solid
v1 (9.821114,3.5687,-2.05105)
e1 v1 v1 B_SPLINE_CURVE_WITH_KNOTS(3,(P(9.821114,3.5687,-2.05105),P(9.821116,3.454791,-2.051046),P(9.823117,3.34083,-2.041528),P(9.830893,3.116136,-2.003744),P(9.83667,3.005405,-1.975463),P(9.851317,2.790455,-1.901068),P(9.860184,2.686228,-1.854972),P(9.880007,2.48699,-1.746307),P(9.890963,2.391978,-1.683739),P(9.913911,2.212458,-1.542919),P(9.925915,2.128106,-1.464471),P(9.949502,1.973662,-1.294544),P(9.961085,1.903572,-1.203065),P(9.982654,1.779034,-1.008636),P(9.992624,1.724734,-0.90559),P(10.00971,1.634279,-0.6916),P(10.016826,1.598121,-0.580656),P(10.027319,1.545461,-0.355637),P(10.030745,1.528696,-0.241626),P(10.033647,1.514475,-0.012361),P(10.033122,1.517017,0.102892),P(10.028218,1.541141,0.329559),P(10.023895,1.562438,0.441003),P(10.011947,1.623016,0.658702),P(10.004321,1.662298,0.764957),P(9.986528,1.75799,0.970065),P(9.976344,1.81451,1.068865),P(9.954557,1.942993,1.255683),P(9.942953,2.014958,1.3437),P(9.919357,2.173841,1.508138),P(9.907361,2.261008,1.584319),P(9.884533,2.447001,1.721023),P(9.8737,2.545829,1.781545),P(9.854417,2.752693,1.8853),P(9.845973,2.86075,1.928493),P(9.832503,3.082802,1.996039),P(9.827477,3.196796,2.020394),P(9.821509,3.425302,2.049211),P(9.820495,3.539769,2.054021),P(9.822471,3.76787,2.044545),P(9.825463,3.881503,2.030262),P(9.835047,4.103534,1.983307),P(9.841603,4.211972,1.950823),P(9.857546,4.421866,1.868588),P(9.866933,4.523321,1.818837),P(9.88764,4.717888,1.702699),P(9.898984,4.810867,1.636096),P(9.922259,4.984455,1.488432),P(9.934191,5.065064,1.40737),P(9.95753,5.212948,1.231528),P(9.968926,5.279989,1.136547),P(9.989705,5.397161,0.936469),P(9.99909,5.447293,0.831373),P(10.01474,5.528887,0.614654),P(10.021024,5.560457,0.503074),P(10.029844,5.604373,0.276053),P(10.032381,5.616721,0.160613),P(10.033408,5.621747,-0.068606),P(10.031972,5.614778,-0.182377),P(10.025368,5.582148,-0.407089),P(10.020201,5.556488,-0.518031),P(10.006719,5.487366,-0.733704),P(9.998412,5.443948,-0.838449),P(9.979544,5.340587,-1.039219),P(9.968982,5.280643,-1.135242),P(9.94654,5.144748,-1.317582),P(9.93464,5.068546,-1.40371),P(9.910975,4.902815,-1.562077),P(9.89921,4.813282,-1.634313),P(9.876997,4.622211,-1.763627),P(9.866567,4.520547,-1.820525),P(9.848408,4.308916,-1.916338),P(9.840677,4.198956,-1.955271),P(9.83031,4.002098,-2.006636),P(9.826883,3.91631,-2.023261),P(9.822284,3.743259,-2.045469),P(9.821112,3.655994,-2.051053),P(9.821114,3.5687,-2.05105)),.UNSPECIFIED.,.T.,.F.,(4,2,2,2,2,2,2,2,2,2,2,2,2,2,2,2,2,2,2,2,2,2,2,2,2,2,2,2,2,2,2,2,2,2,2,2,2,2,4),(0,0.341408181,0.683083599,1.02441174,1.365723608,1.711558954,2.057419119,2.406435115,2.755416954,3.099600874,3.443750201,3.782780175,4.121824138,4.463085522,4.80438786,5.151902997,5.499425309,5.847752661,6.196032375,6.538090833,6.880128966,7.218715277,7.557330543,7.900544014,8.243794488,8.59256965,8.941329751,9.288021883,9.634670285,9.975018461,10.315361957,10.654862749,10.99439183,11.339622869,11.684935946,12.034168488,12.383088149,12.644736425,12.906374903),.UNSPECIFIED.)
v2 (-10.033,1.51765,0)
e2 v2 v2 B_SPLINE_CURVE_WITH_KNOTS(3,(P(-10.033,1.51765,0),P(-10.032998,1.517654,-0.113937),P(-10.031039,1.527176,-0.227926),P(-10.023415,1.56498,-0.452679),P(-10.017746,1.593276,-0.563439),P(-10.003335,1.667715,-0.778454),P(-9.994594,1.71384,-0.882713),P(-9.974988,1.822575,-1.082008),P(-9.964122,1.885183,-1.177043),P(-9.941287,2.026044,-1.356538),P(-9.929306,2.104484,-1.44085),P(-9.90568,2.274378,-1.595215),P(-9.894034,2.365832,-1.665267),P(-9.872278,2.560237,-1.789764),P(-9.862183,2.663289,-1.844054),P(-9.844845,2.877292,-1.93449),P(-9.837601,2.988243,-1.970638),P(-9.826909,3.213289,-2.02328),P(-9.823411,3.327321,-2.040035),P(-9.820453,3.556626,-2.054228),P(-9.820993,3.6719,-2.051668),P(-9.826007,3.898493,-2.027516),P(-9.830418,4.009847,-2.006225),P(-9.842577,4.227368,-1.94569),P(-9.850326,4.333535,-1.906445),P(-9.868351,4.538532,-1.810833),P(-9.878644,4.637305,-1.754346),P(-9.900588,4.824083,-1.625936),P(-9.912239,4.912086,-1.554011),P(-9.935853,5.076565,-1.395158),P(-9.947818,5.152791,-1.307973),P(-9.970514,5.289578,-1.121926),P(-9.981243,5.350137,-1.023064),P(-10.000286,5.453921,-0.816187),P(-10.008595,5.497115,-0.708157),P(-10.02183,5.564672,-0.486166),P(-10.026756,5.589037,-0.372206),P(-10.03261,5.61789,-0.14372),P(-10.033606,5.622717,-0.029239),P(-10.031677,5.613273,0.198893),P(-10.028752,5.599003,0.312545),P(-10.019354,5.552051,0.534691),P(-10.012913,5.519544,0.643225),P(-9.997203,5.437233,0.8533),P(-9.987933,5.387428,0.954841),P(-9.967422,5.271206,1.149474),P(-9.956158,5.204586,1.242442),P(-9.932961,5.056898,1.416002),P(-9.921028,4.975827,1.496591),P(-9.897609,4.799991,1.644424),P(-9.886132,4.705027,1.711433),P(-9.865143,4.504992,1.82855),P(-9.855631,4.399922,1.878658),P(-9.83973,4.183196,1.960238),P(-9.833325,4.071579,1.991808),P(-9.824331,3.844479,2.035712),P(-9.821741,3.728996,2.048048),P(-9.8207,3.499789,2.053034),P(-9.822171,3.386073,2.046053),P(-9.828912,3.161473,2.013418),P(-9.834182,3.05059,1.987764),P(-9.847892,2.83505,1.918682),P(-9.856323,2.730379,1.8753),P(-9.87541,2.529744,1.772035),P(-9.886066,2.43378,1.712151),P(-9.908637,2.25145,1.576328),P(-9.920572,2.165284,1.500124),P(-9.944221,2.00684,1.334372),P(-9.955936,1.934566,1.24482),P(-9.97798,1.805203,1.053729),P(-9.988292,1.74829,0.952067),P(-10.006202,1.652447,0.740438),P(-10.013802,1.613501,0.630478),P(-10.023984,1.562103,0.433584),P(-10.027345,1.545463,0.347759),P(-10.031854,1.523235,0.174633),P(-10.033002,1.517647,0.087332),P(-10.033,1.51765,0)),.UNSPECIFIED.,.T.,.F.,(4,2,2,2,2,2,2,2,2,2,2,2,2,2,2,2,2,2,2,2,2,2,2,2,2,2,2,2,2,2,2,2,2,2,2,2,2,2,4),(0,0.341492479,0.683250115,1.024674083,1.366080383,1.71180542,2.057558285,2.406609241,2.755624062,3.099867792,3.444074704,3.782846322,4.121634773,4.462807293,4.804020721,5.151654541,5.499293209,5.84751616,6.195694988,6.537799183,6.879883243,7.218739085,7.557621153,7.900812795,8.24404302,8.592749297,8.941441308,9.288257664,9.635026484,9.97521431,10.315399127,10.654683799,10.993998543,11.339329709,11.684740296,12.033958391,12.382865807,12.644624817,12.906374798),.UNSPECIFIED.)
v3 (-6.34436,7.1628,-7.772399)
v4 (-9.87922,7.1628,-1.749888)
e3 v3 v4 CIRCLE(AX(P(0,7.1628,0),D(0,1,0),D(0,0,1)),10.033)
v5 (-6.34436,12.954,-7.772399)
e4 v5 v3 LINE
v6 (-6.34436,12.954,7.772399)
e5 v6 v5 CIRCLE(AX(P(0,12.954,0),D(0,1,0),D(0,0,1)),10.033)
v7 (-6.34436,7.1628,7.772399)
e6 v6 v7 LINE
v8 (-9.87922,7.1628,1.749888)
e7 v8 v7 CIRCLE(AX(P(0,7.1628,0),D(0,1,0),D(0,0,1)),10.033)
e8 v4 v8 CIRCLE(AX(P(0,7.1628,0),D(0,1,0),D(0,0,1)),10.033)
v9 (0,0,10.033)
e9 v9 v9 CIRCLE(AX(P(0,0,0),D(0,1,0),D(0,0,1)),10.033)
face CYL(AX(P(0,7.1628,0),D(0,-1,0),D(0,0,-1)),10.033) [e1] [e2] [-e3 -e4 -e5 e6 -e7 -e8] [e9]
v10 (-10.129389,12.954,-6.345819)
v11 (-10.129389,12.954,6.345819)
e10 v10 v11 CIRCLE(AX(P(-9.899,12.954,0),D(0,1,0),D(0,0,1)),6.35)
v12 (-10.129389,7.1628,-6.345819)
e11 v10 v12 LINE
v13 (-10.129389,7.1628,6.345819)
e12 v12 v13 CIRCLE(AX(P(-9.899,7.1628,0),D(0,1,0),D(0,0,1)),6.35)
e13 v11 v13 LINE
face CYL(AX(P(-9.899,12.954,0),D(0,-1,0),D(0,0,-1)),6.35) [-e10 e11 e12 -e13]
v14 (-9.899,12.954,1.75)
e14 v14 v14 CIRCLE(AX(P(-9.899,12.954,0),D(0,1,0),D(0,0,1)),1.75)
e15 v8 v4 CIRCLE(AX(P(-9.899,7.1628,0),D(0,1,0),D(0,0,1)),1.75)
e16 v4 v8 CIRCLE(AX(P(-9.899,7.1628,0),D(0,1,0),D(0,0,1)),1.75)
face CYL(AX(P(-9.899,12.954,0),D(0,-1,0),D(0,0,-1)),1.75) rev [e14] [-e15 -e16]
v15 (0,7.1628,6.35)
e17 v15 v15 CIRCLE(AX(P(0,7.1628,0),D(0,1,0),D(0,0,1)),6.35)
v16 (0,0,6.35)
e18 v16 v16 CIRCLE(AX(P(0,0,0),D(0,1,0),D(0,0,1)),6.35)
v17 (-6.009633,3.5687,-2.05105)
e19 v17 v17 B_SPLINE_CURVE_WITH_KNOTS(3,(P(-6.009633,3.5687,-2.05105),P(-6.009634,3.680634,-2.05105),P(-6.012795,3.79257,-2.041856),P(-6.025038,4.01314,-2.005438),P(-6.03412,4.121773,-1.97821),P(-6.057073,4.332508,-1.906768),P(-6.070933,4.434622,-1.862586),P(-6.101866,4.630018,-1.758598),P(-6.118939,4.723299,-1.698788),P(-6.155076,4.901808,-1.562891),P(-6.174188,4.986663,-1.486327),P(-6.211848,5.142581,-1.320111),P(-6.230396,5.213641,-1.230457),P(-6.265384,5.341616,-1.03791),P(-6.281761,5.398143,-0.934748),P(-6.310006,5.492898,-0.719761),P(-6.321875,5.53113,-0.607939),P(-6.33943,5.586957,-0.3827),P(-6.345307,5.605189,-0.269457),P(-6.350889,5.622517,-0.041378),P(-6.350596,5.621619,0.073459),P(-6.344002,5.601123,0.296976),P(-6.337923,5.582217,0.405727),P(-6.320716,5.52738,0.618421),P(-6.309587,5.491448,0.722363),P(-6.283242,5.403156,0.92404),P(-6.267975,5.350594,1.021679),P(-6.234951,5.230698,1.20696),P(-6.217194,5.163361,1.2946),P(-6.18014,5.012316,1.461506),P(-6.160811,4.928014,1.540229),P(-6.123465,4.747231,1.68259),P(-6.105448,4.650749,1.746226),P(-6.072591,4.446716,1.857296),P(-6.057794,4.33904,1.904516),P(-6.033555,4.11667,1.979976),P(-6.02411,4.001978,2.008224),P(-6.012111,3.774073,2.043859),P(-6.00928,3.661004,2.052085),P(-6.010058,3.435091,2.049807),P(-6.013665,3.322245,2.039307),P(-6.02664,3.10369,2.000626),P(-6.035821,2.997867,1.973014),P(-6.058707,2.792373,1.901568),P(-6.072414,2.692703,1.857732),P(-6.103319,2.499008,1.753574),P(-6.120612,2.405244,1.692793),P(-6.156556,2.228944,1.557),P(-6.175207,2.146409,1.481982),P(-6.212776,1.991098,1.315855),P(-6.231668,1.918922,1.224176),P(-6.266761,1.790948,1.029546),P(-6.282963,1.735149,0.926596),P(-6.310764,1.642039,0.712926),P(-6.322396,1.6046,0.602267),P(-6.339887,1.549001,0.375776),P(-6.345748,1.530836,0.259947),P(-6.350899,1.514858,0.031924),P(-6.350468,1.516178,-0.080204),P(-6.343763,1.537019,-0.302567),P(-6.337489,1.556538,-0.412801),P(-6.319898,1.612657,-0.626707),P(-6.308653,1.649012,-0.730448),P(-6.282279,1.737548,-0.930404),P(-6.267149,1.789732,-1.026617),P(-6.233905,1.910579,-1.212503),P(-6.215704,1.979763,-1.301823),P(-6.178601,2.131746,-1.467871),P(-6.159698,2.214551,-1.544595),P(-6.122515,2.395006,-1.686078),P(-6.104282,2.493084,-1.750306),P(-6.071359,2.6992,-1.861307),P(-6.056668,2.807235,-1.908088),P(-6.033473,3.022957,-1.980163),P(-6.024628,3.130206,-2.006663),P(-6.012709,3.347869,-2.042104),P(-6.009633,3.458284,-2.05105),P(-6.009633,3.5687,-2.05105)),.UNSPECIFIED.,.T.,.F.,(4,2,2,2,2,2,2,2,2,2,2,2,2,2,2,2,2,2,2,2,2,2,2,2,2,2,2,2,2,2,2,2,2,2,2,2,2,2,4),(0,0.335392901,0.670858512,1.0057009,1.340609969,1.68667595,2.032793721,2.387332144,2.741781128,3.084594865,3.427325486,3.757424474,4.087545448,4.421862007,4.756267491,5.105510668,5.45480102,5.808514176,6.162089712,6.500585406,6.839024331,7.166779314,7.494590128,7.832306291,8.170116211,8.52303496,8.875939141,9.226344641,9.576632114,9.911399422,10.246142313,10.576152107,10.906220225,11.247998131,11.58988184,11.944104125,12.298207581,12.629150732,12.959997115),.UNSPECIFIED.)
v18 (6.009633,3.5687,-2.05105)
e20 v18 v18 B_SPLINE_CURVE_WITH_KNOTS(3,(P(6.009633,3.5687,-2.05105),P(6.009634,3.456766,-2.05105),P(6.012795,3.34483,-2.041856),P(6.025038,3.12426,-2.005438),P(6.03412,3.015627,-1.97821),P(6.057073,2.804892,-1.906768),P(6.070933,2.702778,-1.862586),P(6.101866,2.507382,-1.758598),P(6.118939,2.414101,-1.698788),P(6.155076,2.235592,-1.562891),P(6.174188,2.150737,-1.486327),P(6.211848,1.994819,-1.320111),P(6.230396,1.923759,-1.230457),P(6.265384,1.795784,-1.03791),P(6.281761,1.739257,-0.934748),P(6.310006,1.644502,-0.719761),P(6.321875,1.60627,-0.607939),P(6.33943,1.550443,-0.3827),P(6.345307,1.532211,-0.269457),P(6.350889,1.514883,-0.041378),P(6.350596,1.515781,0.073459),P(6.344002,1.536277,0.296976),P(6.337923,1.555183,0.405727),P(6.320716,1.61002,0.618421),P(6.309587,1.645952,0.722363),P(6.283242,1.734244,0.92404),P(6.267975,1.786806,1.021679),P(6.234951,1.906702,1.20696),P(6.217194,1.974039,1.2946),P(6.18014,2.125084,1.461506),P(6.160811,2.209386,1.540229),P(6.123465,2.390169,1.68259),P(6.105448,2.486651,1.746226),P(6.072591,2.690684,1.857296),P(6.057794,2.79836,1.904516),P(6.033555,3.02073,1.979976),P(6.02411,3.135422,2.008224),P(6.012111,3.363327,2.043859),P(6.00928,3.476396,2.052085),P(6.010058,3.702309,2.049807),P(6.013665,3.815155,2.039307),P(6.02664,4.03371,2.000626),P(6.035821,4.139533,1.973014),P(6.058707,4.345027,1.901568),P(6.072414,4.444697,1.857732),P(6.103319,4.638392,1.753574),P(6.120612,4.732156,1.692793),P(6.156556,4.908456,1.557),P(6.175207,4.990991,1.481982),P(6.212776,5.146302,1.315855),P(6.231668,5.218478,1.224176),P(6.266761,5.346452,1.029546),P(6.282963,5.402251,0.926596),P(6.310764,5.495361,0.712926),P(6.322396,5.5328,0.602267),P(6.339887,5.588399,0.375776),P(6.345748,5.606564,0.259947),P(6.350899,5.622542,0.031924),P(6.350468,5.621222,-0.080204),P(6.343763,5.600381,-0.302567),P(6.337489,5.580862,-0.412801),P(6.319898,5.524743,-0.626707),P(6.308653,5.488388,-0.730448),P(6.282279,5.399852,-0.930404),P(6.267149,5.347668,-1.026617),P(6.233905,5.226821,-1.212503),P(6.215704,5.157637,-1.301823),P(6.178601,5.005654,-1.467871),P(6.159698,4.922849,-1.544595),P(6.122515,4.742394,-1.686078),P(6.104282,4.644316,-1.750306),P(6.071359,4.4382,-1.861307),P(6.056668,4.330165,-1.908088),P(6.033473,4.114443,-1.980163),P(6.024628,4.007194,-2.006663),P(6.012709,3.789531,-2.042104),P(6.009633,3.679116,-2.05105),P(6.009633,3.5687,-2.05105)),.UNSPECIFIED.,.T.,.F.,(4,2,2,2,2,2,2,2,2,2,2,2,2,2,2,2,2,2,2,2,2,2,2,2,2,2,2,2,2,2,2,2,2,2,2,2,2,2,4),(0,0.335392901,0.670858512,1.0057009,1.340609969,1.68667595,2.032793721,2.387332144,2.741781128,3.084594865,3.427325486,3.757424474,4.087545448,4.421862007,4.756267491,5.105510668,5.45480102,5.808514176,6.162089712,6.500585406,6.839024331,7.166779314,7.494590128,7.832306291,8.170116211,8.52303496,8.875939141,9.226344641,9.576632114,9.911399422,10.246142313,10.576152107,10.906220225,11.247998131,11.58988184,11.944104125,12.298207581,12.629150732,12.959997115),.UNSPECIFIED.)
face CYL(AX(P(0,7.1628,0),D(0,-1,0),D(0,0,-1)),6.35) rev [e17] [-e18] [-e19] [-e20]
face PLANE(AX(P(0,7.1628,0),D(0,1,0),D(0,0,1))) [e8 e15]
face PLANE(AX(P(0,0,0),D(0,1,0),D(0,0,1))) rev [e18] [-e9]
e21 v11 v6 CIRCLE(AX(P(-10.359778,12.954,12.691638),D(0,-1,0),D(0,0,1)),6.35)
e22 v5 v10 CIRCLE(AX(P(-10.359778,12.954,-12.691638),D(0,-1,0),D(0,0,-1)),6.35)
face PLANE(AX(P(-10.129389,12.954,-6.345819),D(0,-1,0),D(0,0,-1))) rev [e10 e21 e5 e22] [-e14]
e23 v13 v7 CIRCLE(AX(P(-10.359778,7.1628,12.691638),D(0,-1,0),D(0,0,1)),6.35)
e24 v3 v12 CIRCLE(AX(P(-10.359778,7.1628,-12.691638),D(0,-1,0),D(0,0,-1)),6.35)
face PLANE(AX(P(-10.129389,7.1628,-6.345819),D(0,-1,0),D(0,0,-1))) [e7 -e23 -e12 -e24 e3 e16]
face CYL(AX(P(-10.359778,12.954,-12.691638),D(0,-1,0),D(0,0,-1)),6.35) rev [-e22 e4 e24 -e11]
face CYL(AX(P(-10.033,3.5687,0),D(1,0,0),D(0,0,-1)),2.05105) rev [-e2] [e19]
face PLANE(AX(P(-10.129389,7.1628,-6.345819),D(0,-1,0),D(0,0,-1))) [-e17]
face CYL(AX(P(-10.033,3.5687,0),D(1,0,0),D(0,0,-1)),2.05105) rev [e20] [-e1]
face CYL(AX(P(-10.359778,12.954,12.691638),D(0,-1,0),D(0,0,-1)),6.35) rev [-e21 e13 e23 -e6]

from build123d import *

# Parameters (mm, degrees)
SKETCH1_R               = 10.033
SKETCH1_R_2             = 6.35
BOSS_EXTRUDE1_DEPTH     = 7.1628
CUT_EXTRUDE1_DEPTH      = 16.894271982
CUT_EXTRUDE1_DEPTH_BACK = 16.894271982
SKETCH2_R               = 2.05105
SKETCH3_R               = 1.75
BOSS_EXTRUDE2_DEPTH     = 5.7912


with BuildPart() as part:
    # Sketch1 → Boss-Extrude1 (new body)
    with BuildSketch(Plane(origin=(0, 0, 0), x_dir=(1, 0, 0), z_dir=(0, 1, 0))):
        with Locations(Location((0, 0, 0), (0, 0, 270))):
            Circle(SKETCH1_R)
        with Locations(Location((0, 0, 0), (0, 0, 270))):
            Circle(SKETCH1_R_2, mode=Mode.SUBTRACT)
    extrude(amount=BOSS_EXTRUDE1_DEPTH)

    # Sketch2 → Cut-Extrude1 (cut, two sides: drawn at the far end of the back side and taken through both)
    with BuildSketch(Plane(origin=(0, 0, 0), x_dir=(0, 0, -1), z_dir=(1, 0, 0)).offset(-CUT_EXTRUDE1_DEPTH_BACK)):
        with Locations((0, 3.5687)):
            Circle(SKETCH2_R)
    extrude(amount=CUT_EXTRUDE1_DEPTH + CUT_EXTRUDE1_DEPTH_BACK, mode=Mode.SUBTRACT)

    # Sketch3 → Boss-Extrude2 (add)
    with BuildSketch(Plane(origin=(0, 7.1628, 0), x_dir=(1, 0, 0), z_dir=(0, 1, 0))):
        with BuildLine():
            ThreePointArc((-6.34436033, -7.772398665), (10.033, 0), (-6.34436033, 7.772398665))
            ThreePointArc((-6.34436033, 7.772398665), (-8.120246687, 6.749669096), (-10.12938913, 6.345819163))
            ThreePointArc((-10.12938913, 6.345819163), (-16.249, 0), (-10.12938913, -6.345819163))
            ThreePointArc((-10.12938913, -6.345819163), (-8.120246687, -6.749669096), (-6.34436033, -7.772398665))
        make_face()
        with Locations(Location((-9.899, 0, 0), (0, 0, 89.352367696))):
            Circle(SKETCH3_R, mode=Mode.SUBTRACT)
    extrude(amount=BOSS_EXTRUDE2_DEPTH)


solid = part.part
